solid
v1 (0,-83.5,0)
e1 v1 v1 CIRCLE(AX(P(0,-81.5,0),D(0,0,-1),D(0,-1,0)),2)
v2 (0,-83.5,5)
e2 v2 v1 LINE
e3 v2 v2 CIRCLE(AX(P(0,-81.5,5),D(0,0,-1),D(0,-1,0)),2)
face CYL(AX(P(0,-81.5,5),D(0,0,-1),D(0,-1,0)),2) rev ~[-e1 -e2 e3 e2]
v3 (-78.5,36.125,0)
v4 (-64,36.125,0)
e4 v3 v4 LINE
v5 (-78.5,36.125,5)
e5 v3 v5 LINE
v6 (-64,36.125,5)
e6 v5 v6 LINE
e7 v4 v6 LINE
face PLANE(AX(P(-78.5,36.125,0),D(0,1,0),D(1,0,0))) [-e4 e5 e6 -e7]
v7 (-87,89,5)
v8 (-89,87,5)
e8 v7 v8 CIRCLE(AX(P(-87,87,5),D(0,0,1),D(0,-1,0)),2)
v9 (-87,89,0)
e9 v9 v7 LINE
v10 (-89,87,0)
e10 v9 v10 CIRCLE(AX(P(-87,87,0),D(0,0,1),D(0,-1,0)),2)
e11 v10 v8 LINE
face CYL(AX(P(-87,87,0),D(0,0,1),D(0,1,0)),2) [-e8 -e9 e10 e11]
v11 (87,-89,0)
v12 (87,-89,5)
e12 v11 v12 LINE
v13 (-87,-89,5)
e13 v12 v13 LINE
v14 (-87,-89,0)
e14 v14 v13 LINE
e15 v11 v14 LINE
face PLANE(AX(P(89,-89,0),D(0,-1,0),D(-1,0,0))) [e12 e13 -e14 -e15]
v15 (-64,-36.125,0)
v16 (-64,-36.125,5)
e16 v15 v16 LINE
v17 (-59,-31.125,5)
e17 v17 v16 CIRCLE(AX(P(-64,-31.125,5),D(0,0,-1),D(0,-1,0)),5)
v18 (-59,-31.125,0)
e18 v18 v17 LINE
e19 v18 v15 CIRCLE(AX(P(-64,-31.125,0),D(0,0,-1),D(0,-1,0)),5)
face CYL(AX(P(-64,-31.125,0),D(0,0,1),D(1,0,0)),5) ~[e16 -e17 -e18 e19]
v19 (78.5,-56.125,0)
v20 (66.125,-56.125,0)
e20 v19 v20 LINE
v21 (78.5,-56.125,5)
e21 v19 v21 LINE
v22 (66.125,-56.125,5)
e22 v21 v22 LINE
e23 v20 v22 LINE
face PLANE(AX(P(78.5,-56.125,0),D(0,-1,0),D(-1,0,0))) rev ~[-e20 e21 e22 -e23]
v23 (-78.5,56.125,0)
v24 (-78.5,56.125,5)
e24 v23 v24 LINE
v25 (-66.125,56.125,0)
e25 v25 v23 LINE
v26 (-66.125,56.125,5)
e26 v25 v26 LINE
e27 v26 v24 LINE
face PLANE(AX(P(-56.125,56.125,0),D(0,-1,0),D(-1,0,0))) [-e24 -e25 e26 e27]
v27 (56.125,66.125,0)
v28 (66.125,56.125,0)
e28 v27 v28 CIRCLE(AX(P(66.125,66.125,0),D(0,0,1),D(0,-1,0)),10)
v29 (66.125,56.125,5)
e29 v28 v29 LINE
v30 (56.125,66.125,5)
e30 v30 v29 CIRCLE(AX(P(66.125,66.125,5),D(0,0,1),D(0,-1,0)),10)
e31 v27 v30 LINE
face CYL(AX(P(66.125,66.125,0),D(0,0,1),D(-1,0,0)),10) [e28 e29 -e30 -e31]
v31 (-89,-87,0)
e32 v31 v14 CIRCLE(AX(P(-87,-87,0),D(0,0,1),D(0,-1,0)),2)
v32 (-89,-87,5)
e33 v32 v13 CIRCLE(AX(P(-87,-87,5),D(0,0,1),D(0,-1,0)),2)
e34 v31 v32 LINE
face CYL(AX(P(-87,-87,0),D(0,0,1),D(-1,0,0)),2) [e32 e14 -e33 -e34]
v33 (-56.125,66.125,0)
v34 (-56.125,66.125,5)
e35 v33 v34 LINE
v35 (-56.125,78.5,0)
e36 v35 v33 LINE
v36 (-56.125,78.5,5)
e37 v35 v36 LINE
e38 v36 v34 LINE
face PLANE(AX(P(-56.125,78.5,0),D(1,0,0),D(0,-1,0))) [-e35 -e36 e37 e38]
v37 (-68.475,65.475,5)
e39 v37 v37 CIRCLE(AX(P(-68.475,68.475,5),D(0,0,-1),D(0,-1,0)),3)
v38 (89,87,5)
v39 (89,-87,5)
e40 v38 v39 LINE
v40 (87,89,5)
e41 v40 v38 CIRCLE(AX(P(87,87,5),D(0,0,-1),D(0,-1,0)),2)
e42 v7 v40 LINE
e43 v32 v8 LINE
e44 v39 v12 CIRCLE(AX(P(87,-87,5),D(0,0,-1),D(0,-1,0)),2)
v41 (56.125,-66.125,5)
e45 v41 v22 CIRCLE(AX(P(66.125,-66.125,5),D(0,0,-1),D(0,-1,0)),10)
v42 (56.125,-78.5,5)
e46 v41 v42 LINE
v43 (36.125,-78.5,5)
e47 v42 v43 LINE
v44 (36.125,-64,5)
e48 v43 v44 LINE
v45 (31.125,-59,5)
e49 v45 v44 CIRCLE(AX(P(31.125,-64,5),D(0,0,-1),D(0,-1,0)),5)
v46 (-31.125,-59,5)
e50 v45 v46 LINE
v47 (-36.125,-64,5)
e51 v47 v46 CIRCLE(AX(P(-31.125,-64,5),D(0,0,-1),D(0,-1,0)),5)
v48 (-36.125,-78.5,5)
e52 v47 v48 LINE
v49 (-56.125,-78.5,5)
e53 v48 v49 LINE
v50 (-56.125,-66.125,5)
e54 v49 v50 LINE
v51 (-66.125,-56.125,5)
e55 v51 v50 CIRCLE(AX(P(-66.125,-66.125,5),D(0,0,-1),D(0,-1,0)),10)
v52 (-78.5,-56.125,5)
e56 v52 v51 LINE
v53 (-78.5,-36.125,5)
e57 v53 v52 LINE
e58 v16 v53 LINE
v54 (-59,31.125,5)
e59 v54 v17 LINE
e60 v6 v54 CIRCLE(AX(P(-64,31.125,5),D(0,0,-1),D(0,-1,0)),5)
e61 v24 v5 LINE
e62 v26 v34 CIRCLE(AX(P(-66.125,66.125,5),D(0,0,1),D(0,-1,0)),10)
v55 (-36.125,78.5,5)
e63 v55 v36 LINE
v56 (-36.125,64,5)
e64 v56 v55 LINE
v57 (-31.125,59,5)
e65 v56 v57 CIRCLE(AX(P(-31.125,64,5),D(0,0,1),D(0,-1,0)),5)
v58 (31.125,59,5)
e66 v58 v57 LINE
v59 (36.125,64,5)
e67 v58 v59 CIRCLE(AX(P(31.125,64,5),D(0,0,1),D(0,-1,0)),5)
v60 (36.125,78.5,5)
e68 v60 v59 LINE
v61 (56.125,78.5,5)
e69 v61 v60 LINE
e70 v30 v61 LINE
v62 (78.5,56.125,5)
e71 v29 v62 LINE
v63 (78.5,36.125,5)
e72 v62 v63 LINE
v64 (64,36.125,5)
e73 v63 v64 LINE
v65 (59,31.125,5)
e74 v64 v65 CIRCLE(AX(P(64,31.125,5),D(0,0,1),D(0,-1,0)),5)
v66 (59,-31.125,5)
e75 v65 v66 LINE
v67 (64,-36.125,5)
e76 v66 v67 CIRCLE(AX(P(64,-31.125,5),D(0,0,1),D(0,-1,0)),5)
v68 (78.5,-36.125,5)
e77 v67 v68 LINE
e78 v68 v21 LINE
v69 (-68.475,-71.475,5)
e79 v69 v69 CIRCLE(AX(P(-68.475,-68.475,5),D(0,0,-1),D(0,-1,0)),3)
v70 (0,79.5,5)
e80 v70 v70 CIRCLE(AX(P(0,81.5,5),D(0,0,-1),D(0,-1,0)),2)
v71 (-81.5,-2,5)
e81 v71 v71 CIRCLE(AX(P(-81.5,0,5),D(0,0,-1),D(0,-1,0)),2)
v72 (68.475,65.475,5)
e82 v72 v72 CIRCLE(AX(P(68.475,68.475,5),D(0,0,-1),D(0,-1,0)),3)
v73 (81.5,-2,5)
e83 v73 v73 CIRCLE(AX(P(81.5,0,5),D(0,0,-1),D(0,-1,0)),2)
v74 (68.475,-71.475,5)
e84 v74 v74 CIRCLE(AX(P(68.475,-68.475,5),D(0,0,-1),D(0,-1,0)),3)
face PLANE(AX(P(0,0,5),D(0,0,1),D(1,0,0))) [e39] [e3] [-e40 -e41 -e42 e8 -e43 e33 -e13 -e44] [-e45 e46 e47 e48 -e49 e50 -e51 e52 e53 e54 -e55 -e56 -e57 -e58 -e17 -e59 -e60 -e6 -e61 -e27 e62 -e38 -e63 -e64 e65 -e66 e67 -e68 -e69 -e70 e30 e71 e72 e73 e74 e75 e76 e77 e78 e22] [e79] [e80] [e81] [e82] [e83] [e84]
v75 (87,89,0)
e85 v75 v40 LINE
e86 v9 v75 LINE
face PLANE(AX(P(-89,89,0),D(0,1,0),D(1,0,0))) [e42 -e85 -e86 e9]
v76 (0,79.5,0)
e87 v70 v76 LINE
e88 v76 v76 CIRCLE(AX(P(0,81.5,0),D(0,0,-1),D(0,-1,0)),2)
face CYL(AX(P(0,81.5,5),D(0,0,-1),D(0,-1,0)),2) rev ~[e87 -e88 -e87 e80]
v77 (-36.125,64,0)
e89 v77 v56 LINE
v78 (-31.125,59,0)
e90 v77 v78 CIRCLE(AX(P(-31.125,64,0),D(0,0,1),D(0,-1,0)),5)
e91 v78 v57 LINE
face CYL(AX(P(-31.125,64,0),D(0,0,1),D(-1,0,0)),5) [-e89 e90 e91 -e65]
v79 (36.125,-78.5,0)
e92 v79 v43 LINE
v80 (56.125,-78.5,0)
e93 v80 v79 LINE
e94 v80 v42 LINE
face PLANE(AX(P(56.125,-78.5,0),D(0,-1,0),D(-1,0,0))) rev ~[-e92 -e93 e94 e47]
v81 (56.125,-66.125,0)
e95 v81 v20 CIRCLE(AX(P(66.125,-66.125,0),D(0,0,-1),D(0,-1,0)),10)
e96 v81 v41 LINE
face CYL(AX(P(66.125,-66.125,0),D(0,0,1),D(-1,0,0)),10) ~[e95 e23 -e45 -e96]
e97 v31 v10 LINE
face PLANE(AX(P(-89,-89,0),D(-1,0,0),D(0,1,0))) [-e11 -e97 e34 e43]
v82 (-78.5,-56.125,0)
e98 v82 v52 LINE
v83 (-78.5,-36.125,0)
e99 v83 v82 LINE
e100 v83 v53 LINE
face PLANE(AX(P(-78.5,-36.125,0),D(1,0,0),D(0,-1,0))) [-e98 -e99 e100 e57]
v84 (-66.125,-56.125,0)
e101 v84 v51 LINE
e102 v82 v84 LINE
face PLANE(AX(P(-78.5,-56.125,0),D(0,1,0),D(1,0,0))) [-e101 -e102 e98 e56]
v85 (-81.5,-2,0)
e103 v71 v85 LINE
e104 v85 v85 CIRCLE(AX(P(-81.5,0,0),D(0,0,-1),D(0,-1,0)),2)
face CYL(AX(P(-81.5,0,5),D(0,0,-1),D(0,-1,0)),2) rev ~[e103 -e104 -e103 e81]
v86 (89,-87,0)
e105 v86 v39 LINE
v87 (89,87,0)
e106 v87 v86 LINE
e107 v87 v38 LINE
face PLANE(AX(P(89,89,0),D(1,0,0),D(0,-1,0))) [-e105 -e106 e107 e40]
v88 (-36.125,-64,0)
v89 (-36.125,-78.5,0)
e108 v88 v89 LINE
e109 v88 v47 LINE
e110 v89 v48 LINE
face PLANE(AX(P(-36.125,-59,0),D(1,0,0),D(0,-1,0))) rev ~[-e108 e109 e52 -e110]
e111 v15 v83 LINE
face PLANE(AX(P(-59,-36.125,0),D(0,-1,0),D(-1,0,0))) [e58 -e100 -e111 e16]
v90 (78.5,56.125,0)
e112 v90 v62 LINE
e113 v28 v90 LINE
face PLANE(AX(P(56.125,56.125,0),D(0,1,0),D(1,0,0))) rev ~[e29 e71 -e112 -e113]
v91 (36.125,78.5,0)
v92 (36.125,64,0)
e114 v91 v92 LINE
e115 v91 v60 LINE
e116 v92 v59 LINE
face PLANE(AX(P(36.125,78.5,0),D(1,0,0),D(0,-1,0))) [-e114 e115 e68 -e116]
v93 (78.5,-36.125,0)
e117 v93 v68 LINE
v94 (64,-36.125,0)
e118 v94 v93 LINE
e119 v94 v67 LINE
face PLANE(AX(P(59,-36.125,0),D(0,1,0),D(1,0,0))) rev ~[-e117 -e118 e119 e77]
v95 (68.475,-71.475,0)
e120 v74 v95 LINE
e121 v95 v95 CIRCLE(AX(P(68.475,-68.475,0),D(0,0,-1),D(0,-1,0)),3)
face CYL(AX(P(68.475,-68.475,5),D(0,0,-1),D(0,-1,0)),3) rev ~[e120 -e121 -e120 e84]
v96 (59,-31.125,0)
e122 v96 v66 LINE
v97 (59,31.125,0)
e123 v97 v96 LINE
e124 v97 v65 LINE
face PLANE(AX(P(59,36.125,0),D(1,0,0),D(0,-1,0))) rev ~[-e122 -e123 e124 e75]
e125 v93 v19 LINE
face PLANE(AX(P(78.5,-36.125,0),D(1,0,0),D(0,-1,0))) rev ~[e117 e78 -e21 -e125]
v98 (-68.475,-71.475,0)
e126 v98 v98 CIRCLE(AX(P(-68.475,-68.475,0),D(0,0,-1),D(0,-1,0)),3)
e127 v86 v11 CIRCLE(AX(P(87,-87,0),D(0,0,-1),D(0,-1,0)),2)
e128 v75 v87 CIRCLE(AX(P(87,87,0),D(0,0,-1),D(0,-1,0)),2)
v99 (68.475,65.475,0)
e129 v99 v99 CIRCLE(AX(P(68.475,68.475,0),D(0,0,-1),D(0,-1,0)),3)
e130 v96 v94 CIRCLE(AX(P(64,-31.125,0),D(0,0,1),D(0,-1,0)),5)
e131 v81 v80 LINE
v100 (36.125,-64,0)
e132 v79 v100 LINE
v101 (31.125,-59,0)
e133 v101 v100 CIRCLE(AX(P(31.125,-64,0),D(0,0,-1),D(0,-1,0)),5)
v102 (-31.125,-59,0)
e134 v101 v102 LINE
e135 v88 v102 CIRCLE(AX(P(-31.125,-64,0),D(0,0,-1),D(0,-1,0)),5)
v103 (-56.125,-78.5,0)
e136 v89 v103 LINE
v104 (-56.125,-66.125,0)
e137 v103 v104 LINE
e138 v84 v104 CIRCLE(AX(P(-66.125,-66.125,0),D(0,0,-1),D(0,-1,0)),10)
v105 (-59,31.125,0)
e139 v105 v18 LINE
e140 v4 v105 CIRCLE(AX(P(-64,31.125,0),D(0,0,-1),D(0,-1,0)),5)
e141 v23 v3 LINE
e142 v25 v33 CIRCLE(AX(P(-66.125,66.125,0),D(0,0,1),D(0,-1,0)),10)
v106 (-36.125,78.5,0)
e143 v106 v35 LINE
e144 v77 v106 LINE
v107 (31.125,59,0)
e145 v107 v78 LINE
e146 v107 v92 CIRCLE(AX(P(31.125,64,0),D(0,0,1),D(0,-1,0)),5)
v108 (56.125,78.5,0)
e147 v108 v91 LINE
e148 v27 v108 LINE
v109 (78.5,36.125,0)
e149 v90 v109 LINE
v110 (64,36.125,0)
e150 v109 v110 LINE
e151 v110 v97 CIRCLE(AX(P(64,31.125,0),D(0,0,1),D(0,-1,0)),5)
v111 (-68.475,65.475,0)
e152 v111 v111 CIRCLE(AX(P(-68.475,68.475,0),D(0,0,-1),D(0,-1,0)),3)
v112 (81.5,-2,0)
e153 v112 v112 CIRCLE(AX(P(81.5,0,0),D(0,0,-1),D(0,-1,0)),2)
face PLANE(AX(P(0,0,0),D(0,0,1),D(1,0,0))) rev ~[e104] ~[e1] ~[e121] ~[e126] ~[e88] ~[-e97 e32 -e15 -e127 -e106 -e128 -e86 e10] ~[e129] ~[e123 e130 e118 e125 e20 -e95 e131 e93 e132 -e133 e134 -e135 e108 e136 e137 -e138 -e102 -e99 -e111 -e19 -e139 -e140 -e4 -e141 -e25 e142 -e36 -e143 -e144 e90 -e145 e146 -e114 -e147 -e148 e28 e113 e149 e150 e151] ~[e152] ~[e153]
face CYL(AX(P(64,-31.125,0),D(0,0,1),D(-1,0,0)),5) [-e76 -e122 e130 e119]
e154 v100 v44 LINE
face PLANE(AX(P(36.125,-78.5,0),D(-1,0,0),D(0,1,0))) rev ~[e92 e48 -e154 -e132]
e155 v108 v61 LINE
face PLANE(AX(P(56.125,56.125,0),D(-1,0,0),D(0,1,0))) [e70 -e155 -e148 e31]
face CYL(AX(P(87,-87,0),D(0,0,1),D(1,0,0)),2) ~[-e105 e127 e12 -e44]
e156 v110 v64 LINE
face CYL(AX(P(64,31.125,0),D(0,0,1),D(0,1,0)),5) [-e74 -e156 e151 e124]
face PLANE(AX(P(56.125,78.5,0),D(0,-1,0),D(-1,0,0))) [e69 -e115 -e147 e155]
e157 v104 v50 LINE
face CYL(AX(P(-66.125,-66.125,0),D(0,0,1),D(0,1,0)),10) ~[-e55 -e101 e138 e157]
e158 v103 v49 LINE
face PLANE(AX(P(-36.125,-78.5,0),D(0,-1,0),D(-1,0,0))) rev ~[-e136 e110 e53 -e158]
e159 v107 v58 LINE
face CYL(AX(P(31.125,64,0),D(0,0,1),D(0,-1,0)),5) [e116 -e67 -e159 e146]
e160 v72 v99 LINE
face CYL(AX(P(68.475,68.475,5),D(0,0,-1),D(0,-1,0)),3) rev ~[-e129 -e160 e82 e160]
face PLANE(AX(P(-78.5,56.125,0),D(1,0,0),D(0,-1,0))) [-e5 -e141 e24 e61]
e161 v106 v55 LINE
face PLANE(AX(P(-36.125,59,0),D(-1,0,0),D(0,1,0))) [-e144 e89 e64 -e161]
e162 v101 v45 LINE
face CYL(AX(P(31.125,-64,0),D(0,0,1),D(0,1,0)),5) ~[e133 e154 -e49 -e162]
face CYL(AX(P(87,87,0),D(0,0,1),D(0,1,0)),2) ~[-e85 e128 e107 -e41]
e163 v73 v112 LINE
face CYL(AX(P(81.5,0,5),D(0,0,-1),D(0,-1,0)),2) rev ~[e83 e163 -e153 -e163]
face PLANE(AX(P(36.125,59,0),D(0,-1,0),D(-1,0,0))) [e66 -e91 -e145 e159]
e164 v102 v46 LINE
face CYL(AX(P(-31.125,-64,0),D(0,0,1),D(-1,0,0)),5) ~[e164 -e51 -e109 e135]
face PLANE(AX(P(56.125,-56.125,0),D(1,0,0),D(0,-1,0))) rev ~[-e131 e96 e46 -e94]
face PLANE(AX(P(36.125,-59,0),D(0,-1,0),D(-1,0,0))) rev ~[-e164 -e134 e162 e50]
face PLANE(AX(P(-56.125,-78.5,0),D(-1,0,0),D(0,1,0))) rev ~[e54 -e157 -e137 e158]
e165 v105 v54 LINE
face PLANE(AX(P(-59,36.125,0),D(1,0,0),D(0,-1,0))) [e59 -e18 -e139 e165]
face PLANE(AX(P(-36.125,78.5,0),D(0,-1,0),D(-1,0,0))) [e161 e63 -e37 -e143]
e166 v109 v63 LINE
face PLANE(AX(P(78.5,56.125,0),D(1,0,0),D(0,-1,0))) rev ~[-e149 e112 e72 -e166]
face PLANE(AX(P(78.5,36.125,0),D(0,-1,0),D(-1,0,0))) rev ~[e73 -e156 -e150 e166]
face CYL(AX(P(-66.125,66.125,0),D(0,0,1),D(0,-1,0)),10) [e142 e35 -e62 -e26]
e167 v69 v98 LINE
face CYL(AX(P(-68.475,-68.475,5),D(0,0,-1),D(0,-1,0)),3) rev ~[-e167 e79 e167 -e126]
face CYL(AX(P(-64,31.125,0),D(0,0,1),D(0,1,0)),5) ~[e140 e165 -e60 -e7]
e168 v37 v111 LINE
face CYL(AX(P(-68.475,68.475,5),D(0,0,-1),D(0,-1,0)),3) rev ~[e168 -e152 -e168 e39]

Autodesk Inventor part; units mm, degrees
ref_plane "YZ Plane" through (0, 0, 0) normal (1, 0, 0) x (0, 1, 0)
ref_plane "XZ Plane" through (0, 0, 0) normal (0, 1, 0) x (-1, 0, 0)
ref_plane "XY Plane" through (0, 0, 0) normal (0, 0, 1) x (1, 0, 0)
sketch "Sketch1" plane through (0, 0, 0) normal (0, 0, 1) x (1, 0, 0)
  line L0 (-89, 89) -> (89, 89)
  line L1 (89, 89) -> (89, -89)
  line L2 (89, -89) -> (-89, -89)
  line L3 (-89, -89) -> (-89, 89)
  line L4 (-56.125, 56.125) -> (-78.5, 56.125)
  line L5 (-78.5, -56.125) -> (-56.125, -56.125)
  line L6 (56.125, 56.125) -> (56.125, 78.5)
  line L7 (-56.125, 78.5) -> (-56.125, 56.125)
  line L8 (56.125, 56.125) -> (78.5, 56.125)
  line L9 (78.5, -56.125) -> (56.125, -56.125)
  line L10 (56.125, -56.125) -> (56.125, -78.5)
  line L11 (-56.125, -78.5) -> (-56.125, -56.125)
  line L12 (-78.5, 36.125) -> (-59, 36.125)
  line L13 (-59, 36.125) -> (-59, -36.125)
  line L14 (-59, -36.125) -> (-78.5, -36.125)
  line L15 (-78.5, 56.125) -> (-78.5, 36.125)
  line L16 (-78.5, -36.125) -> (-78.5, -56.125)
  line L17 (78.5, 36.125) -> (59, 36.125)
  line L18 (59, 36.125) -> (59, -36.125)
  line L19 (59, -36.125) -> (78.5, -36.125)
  line L20 (78.5, 56.125) -> (78.5, 36.125)
  line L21 (78.5, -36.125) -> (78.5, -56.125)
  line L22 (36.125, 78.5) -> (36.125, 59)
  line L23 (36.125, 59) -> (-36.125, 59)
  line L24 (-36.125, 59) -> (-36.125, 78.5)
  line L25 (36.125, -78.5) -> (36.125, -59)
  line L26 (36.125, -59) -> (-36.125, -59)
  line L27 (-36.125, -59) -> (-36.125, -78.5)
  line L28 (56.125, 78.5) -> (36.125, 78.5)
  line L29 (-36.125, 78.5) -> (-56.125, 78.5)
  line L30 (56.125, -78.5) -> (36.125, -78.5)
  line L31 (-36.125, -78.5) -> (-56.125, -78.5)
  point P0 (0, 0)
  point P1 (-78.5, 0)
  dimension "d4" = 112.25
  dimension "d5" = 112.25
  dimension "d29" = 0
  dimension "d30" = 0
  dimension "d33" = 178
  dimension "d34" = 89
  dimension "d35" = 89
  dimension "d41" = 20
  dimension "d42" = 20
  dimension "d43" = 30
  dimension "d46" = 20
  dimension "d47" = 20
  dimension "d48" = 30
  dimension "d49" = 157
  dimension "d50" = 78.5
  dimension "d51" = 30
  dimension "d52" = 30
  dimension "d53" = 20
  dimension "d54" = 157
  dimension "d55" = 78.5
  dimension "d56" = 20
extrude "Extrusion1" add sketch "Sketch1" along normal blind 5
sketch "Sketch2" plane through (0, 0, 5) normal (0, 0, 1) x (1, 0, 0)
  circle A0 centre (-81.5, 0) radius 2
  circle A1 centre (81.5, 0) radius 2
  line L0 (-78.5, 36.125) -> (-78.5, 56.125) projected
  line L1 (78.5, 56.125) -> (78.5, 36.125) projected
  circle A2 centre (0, 81.5) radius 2
  circle A3 centre (0, -81.5) radius 2
  line L2 (36.125, 78.5) -> (56.125, 78.5) projected
  line L3 (56.125, -78.5) -> (36.125, -78.5) projected
  line L4 (-89, 89) -> (-89, -89) projected
  line L5 (89, 89) -> (-89, 89) projected
  line L6 (89, -89) -> (89, 89) projected
  line L7 (-89, -89) -> (89, -89) projected
  point P0 (0, 0)
  point P1 (-78.5, -56.125)
  point P2 (78.5, -56.125)
  point P3 (-56.125, 78.5)
  point P4 (-56.125, -78.5)
  dimension "d18" = 4
  dimension "d37" = 7.5
  dimension "d38" = 7.5
  dimension "d39" = 7.5
  dimension "d40" = 7.5
hole "Hole1" at (-81.5, 0, 5) at (0, 81.5, 5) at (81.5, 0, 5) at (0, -81.5, 5) direction (0, 0, -1) diameter 4 end through all
fillet "Fillet1" radius 2 4 edges at (-89, -89, 2.5) (-89, 89, 2.5) (89, -89, 2.5) (89, 89, 2.5)
sketch "Sketch3" plane through (0, 0, 5) normal (0, 0, 1) x (1, 0, 0)
  line L0 (68.475, -68.475) -> (-68.475, -68.475)
  line L1 (-68.475, -68.475) -> (-68.475, 68.475)
  line L2 (-68.475, 68.475) -> (68.475, 68.475)
  line L3 (68.475, 68.475) -> (68.475, -68.475)
  line L4 (68.475, -68.475) -> (-68.475, 68.475) construction
  line L5 (-68.475, -68.475) -> (68.475, 68.475) construction
  circle A0 centre (-68.475, 68.475) radius 4.875
  point P0 (0, 0)
  dimension "d31" = 136.95
  dimension "d32" = 9.75
fillet "Fillet2" radius 10 4 edges at (-56.125, 56.125, 2.5) (56.125, 56.125, 2.5) (56.125, -56.125, 2.5) (-56.125, -56.125, 2.5)
fillet "Fillet3" radius 5 8 edges at (-59, 36.125, 2.5) (-59, -36.125, 2.5) (-36.125, -59, 2.5) (36.125, -59, 2.5) (59, -36.125, 2.5) (59, 36.125, 2.5) (36.125, 59, 2.5) (-36.125, 59, 2.5)
hole "Hole2" at (-68.475, 68.475, 5) at (68.475, 68.475, 5) at (68.475, -68.475, 5) at (-68.475, -68.475, 5) direction (0, 0, -1) diameter 6 end through all
equation "\"d34\" = 0.5 * d33"
equation "\"d35\" = 0.5 * d33"
equation "\"d50\" = 0.5 * d49"
equation "\"d55\" = 0.5 * d54"
equation "\"d38\" = d37"
equation "\"d39\" = d37"
equation "\"d40\" = d37"
equation "\"d21\" = d18"
equation "\"d6\" = 0.5 * d3"
equation "\"d7\" = 0.5 * d2"
equation "\"d3\" = 157"
equation "\"d2\" = 157"
properties part number "WaagePlexiOben1" material "PET Plastic"
